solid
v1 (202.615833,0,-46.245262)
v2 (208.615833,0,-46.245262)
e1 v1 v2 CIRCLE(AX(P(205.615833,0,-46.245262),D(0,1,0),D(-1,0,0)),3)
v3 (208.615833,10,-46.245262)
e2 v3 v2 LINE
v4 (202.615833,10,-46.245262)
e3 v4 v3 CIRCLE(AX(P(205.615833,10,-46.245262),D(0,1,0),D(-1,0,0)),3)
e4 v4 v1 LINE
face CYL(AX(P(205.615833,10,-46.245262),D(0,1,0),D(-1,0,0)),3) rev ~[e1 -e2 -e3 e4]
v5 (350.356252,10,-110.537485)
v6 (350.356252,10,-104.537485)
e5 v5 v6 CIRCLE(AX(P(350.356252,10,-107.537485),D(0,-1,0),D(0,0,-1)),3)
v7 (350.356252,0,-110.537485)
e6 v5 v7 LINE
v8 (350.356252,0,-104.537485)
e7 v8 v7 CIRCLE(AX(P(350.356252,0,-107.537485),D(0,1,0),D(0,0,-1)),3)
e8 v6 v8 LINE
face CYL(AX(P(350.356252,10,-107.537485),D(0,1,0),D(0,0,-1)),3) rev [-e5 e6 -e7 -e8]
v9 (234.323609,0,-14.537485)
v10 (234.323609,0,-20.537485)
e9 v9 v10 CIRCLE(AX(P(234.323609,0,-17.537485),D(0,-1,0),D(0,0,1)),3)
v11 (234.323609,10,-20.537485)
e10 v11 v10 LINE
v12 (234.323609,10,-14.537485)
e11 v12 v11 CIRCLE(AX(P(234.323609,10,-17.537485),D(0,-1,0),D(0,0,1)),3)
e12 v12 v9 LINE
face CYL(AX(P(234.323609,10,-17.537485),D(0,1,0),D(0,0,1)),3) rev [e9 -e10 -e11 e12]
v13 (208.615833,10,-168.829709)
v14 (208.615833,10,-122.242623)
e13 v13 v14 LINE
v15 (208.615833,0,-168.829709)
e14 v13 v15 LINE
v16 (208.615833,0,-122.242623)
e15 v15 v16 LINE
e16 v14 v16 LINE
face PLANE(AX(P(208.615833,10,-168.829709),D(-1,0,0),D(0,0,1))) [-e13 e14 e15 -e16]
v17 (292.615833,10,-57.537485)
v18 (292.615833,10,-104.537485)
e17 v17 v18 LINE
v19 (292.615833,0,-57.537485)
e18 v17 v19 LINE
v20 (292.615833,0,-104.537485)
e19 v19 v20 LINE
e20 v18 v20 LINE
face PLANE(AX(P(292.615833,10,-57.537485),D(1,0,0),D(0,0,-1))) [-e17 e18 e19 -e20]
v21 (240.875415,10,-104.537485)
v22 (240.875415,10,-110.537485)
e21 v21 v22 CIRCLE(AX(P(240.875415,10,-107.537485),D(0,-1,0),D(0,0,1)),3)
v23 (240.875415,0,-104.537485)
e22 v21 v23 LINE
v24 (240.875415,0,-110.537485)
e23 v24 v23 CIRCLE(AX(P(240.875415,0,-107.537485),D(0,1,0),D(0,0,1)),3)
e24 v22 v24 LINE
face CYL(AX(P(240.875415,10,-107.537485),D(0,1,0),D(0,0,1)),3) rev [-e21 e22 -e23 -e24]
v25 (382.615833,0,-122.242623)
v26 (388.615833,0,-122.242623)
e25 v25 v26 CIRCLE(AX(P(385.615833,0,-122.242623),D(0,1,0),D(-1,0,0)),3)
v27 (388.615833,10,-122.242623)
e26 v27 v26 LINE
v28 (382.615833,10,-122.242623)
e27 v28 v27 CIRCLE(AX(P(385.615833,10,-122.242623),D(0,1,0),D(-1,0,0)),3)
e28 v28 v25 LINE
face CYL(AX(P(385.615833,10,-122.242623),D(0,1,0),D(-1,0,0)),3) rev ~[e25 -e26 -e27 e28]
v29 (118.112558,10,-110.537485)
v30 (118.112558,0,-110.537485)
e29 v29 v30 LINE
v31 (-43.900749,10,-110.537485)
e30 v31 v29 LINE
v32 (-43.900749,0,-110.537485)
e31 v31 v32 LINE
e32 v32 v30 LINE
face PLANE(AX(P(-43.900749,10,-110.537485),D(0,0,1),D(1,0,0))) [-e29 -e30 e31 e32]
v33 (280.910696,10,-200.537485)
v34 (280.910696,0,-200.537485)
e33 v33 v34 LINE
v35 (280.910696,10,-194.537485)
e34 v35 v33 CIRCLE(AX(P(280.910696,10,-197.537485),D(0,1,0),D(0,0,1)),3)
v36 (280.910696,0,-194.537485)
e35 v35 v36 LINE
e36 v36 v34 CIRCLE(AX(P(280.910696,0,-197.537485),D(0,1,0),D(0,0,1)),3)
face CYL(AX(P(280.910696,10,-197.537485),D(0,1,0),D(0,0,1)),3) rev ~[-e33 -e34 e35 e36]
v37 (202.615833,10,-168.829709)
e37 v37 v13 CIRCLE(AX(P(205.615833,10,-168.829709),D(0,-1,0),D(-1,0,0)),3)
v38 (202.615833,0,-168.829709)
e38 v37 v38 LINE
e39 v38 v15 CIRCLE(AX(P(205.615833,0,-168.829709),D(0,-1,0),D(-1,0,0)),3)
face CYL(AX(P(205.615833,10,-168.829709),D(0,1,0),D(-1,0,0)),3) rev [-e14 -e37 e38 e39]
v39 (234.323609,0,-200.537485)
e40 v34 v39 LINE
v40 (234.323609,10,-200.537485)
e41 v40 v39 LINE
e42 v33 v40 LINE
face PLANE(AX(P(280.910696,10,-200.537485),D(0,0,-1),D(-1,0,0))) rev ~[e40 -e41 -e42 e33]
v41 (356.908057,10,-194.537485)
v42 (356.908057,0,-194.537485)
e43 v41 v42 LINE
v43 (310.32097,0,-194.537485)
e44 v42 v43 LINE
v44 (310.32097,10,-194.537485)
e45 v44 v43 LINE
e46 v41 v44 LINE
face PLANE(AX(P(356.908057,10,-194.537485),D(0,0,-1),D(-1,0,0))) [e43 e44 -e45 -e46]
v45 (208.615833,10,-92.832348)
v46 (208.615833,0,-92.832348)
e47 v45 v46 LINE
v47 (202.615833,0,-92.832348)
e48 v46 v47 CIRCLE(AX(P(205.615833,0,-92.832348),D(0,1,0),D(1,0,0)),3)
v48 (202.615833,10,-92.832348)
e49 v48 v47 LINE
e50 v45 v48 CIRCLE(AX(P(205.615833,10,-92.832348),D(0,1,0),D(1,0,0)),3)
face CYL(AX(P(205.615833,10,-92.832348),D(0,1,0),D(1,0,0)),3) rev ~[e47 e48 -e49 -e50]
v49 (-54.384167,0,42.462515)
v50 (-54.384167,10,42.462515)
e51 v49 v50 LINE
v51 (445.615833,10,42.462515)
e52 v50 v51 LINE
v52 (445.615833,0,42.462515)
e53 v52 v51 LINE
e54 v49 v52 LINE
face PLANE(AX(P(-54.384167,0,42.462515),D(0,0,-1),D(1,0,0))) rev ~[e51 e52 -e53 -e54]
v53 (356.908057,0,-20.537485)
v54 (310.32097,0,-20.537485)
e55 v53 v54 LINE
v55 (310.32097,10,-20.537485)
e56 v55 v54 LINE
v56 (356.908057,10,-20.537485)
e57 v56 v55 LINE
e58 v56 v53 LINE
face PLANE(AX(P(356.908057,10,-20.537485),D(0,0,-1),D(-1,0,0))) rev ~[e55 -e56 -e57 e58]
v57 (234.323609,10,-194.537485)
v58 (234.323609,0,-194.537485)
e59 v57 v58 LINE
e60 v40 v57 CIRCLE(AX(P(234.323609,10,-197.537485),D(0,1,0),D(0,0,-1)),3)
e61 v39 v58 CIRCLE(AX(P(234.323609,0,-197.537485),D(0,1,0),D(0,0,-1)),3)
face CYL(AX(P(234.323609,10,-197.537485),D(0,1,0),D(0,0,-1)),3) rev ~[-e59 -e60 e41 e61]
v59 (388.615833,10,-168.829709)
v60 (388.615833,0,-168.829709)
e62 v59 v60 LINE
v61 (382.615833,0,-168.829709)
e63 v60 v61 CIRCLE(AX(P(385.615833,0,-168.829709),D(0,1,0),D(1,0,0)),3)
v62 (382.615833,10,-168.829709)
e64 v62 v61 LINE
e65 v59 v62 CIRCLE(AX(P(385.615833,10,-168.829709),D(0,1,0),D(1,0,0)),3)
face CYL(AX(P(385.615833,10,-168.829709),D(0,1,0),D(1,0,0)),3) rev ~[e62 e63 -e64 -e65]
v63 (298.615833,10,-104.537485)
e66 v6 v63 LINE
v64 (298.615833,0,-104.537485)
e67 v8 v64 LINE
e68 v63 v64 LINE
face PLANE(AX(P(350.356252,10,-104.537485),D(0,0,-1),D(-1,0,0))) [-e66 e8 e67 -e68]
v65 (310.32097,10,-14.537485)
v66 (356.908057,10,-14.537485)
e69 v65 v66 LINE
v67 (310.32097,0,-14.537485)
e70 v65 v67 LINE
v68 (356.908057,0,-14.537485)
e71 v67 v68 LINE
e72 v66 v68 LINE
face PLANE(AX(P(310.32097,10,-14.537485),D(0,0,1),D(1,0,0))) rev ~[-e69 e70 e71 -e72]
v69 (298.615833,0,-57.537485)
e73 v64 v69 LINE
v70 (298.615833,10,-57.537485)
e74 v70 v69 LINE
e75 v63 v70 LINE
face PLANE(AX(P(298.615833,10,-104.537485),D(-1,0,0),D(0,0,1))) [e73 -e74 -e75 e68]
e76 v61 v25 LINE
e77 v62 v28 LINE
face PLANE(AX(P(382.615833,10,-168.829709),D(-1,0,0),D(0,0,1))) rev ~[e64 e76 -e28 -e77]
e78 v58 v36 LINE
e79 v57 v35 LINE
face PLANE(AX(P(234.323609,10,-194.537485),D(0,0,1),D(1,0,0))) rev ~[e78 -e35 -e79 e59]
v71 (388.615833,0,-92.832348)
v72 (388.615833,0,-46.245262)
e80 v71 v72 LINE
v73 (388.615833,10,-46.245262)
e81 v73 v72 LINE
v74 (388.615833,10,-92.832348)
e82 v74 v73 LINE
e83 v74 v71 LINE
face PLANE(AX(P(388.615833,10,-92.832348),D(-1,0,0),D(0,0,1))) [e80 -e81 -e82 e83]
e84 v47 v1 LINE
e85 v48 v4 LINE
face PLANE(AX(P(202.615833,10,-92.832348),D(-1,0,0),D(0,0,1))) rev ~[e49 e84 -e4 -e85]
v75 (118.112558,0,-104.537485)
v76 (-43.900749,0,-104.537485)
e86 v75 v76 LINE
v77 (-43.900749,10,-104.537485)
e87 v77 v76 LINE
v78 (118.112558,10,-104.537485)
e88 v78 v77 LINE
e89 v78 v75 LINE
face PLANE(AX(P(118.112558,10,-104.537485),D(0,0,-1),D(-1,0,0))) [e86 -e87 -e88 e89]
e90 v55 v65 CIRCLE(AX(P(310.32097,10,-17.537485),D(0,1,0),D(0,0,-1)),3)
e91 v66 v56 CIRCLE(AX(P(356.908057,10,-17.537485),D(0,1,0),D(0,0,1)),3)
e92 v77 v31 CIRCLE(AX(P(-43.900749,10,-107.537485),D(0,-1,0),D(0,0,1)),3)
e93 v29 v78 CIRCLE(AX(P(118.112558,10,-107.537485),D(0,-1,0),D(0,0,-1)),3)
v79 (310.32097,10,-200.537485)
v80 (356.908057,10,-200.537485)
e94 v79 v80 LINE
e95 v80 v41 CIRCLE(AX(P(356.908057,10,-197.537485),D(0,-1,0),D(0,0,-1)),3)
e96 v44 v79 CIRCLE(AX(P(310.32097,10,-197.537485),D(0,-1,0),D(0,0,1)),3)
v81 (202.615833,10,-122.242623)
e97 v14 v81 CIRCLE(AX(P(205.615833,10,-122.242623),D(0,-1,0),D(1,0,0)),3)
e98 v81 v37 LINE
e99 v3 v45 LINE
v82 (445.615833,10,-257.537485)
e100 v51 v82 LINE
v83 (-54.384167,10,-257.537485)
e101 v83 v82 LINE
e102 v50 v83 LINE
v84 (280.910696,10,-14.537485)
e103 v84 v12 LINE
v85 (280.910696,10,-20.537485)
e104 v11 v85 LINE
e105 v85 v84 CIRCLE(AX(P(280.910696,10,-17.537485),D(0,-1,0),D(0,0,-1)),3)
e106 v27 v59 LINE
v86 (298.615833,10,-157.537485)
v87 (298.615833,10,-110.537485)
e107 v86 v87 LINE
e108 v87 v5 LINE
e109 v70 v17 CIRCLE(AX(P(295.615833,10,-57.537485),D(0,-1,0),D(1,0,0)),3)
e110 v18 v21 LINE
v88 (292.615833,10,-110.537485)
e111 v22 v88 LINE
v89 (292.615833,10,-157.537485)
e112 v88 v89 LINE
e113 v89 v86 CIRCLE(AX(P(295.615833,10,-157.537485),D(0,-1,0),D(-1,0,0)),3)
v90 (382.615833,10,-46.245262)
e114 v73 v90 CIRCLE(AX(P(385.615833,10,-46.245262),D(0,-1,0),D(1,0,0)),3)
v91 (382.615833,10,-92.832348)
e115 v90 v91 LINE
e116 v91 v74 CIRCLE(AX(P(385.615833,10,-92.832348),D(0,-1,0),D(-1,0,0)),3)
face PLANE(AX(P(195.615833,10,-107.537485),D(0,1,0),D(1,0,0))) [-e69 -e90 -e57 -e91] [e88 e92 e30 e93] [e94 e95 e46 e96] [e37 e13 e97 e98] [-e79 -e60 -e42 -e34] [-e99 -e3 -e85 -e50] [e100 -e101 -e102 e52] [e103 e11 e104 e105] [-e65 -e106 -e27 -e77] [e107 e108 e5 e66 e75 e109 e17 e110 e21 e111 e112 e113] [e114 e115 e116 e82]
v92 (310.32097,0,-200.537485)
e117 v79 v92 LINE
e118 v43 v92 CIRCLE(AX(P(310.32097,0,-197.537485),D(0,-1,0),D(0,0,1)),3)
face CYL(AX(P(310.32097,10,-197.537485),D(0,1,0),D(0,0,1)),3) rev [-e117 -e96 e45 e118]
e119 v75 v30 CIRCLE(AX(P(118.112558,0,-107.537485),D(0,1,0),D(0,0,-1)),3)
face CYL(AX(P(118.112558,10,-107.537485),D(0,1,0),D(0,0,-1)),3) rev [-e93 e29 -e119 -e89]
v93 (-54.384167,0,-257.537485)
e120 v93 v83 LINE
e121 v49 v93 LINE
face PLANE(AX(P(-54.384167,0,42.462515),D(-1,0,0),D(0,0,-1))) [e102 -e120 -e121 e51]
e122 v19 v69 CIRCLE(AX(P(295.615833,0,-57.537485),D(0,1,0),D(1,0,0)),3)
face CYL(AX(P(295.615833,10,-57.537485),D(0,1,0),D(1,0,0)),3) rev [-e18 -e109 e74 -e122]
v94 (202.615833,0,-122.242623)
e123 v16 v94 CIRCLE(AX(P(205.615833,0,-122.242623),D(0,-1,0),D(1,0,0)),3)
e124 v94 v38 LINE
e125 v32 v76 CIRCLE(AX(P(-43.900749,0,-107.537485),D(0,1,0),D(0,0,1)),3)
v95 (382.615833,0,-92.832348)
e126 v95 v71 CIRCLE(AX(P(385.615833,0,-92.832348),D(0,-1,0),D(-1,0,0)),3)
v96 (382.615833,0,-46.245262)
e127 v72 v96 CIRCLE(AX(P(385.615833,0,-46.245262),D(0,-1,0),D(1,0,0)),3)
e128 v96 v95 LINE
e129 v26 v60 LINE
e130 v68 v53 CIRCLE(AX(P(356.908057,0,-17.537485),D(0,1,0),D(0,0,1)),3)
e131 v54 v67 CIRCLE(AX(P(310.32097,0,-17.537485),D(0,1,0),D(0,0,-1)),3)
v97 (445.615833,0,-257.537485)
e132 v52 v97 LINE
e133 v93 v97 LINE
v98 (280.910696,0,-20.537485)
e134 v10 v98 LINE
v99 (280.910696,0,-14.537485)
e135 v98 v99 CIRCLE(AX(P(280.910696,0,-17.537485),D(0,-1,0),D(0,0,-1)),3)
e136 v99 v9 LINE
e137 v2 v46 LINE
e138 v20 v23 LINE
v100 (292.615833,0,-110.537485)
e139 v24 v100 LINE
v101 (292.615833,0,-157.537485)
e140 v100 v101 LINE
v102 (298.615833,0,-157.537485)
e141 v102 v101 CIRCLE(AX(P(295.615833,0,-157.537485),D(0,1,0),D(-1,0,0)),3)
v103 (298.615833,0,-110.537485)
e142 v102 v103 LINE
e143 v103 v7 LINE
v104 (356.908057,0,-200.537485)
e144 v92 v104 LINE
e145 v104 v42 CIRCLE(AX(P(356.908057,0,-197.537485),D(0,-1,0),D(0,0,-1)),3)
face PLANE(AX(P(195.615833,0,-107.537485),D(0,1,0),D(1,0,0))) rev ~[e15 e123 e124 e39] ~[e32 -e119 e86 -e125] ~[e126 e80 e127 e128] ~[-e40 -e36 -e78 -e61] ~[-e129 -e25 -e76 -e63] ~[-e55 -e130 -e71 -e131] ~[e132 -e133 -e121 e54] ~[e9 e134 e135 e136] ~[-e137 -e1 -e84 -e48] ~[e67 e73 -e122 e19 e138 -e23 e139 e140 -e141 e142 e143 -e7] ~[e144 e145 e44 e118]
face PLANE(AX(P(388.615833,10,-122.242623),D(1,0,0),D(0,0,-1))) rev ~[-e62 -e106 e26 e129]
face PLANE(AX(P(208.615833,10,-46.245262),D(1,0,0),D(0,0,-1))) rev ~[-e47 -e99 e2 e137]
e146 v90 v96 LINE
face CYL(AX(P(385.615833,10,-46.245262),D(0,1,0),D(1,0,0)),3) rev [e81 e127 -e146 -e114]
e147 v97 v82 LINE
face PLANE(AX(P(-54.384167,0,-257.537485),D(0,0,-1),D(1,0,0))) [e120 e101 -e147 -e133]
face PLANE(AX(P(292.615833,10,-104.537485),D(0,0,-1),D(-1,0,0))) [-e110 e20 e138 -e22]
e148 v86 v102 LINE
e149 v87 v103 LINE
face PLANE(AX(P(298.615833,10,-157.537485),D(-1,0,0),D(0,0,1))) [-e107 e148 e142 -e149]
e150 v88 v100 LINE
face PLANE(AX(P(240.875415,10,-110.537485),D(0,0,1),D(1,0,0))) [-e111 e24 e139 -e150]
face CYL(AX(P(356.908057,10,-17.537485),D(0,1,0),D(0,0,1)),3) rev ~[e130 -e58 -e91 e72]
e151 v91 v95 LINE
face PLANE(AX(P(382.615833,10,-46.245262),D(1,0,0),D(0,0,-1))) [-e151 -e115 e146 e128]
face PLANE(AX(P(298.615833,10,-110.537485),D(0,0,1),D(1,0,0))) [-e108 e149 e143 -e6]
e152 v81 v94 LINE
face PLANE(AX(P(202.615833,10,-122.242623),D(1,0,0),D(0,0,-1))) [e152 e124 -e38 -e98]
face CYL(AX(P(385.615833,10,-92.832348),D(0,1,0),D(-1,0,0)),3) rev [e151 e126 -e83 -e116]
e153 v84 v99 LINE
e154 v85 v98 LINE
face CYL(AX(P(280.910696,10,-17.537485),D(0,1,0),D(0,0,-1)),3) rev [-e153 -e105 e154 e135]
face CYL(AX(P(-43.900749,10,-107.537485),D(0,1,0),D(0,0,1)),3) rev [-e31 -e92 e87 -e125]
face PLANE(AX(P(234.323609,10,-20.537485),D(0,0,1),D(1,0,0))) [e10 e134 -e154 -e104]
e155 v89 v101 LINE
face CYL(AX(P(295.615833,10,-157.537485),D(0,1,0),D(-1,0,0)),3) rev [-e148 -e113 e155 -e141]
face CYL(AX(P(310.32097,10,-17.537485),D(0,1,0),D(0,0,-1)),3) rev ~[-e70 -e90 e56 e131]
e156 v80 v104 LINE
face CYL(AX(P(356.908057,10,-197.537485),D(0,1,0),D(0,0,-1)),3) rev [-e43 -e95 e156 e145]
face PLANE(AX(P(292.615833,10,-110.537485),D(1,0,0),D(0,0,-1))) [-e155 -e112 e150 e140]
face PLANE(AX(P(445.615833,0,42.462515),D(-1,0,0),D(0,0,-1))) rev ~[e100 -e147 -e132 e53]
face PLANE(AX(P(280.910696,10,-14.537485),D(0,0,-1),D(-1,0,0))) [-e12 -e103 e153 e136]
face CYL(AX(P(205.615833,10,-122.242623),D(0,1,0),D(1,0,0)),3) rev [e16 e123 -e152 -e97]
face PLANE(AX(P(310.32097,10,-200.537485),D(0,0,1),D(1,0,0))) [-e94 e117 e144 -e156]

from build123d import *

# Parameters (mm, degrees)
SKETCH1_W           = 500
SKETCH1_H           = 300
BOSS_EXTRUDE1_DEPTH = 10
CUT_EXTRUDE1_DEPTH  = 10
CUT_EXTRUDE2_DEPTH  = 515.780562137
CUT_EXTRUDE3_DEPTH  = 515.780562137


with BuildPart() as part:
    # Sketch1 → Boss-Extrude1 (new body)
    with BuildSketch(Plane(origin=(0, 0, 0), x_dir=(1, 0, 0), z_dir=(0, 1, 0))):
        with Locations((195.615833125, 107.53748547)):
            Rectangle(SKETCH1_W, SKETCH1_H)
    extrude(amount=BOSS_EXTRUDE1_DEPTH)

    # Sketch2 → Cut-Extrude1 (cut)
    with BuildSketch(Plane(origin=(0, 10, 0), x_dir=(1, 0, 0), z_dir=(0, 1, 0))):
        with BuildLine():
            Line((208.615833125, 168.829709188), (208.615833125, 122.242622587))
            ThreePointArc((208.615833125, 122.242622587), (205.615833125, 119.242622587), (202.615833125, 122.242622587))
            Line((202.615833125, 122.242622587), (202.615833125, 168.829709188))
            ThreePointArc((202.615833125, 168.829709188), (205.615833125, 171.829709188), (208.615833125, 168.829709188))
        make_face()
        with BuildLine():
            Line((208.615833125, 46.245261752), (208.615833125, 92.832348352))
            ThreePointArc((208.615833125, 92.832348352), (205.615833125, 95.832348352), (202.615833125, 92.832348352))
            Line((202.615833125, 92.832348352), (202.615833125, 46.245261752))
            ThreePointArc((202.615833125, 46.245261752), (205.615833125, 43.245261752), (208.615833125, 46.245261752))
        make_face()
        with BuildLine():
            Line((356.908056843, 194.53748547), (310.320970243, 194.53748547))
            ThreePointArc((310.320970243, 194.53748547), (307.320970243, 197.53748547), (310.320970243, 200.53748547))
            Line((310.320970243, 200.53748547), (356.908056843, 200.53748547))
            ThreePointArc((356.908056843, 200.53748547), (359.908056843, 197.53748547), (356.908056843, 194.53748547))
        make_face()
        with BuildLine():
            Line((234.323609407, 194.53748547), (280.910696008, 194.53748547))
            ThreePointArc((280.910696008, 194.53748547), (283.910696008, 197.53748547), (280.910696008, 200.53748547))
            Line((280.910696008, 200.53748547), (234.323609407, 200.53748547))
            ThreePointArc((234.323609407, 200.53748547), (231.323609407, 197.53748547), (234.323609407, 194.53748547))
        make_face()
        with BuildLine():
            Line((382.615833125, 46.245261752), (382.615833125, 92.832348352))
            ThreePointArc((382.615833125, 92.832348352), (385.615833125, 95.832348352), (388.615833125, 92.832348352))
            Line((388.615833125, 92.832348352), (388.615833125, 46.245261752))
            ThreePointArc((388.615833125, 46.245261752), (385.615833125, 43.245261752), (382.615833125, 46.245261752))
        make_face()
        with BuildLine():
            Line((382.615833125, 168.829709188), (382.615833125, 122.242622587))
            ThreePointArc((382.615833125, 122.242622587), (385.615833125, 119.242622587), (388.615833125, 122.242622587))
            Line((388.615833125, 122.242622587), (388.615833125, 168.829709188))
            ThreePointArc((388.615833125, 168.829709188), (385.615833125, 171.829709188), (382.615833125, 168.829709188))
        make_face()
        with BuildLine():
            Line((234.323609407, 20.53748547), (280.910696008, 20.53748547))
            ThreePointArc((280.910696008, 20.53748547), (283.910696008, 17.53748547), (280.910696008, 14.53748547))
            Line((280.910696008, 14.53748547), (234.323609407, 14.53748547))
            ThreePointArc((234.323609407, 14.53748547), (231.323609407, 17.53748547), (234.323609407, 20.53748547))
        make_face()
        with BuildLine():
            Line((356.908056843, 20.53748547), (310.320970243, 20.53748547))
            ThreePointArc((310.320970243, 20.53748547), (307.320970243, 17.53748547), (310.320970243, 14.53748547))
            Line((310.320970243, 14.53748547), (356.908056843, 14.53748547))
            ThreePointArc((356.908056843, 14.53748547), (359.908056843, 17.53748547), (356.908056843, 20.53748547))
        make_face()
    extrude(amount=-CUT_EXTRUDE1_DEPTH, mode=Mode.SUBTRACT)

    # Sketch6 → Cut-Extrude2 (cut, through all)
    with BuildSketch(Plane(origin=(0, 10, 0), x_dir=(1, 0, 0), z_dir=(0, 1, 0))):
        with BuildLine():
            Line((-43.900749025, 110.53748547), (118.112557876, 110.53748547))
            ThreePointArc((118.112557876, 110.53748547), (121.112557876, 107.53748547), (118.112557876, 104.53748547))
            Line((118.112557876, 104.53748547), (-43.900749025, 104.53748547))
            ThreePointArc((-43.900749025, 104.53748547), (-46.900749025, 107.53748547), (-43.900749025, 110.53748547))
        make_face()
    extrude(amount=-CUT_EXTRUDE2_DEPTH, mode=Mode.SUBTRACT)

    # Sketch7 → Cut-Extrude3 (cut, through all)
    with BuildSketch(Plane(origin=(0, 10, 0), x_dir=(1, 0, 0), z_dir=(0, 1, 0))):
        with BuildLine():
            Line((292.615833125, 110.53748547), (292.615833125, 157.53748547))
            ThreePointArc((292.615833125, 157.53748547), (295.615833125, 160.53748547), (298.615833125, 157.53748547))
            Line((298.615833125, 157.53748547), (298.615833125, 110.53748547))
            Line((298.615833125, 110.53748547), (350.356251663, 110.53748547))
            ThreePointArc((350.356251663, 110.53748547), (353.356251663, 107.53748547), (350.356251663, 104.53748547))
            Line((350.356251663, 104.53748547), (298.615833125, 104.53748547))
            Line((298.615833125, 104.53748547), (298.615833125, 57.53748547))
            ThreePointArc((298.615833125, 57.53748547), (295.615833125, 54.53748547), (292.615833125, 57.53748547))
            Line((292.615833125, 57.53748547), (292.615833125, 104.53748547))
            Line((292.615833125, 104.53748547), (240.875414588, 104.53748547))
            ThreePointArc((240.875414588, 104.53748547), (237.875414588, 107.53748547), (240.875414588, 110.53748547))
            Line((240.875414588, 110.53748547), (292.615833125, 110.53748547))
        make_face()
    extrude(amount=-CUT_EXTRUDE3_DEPTH, mode=Mode.SUBTRACT)


solid = part.part
